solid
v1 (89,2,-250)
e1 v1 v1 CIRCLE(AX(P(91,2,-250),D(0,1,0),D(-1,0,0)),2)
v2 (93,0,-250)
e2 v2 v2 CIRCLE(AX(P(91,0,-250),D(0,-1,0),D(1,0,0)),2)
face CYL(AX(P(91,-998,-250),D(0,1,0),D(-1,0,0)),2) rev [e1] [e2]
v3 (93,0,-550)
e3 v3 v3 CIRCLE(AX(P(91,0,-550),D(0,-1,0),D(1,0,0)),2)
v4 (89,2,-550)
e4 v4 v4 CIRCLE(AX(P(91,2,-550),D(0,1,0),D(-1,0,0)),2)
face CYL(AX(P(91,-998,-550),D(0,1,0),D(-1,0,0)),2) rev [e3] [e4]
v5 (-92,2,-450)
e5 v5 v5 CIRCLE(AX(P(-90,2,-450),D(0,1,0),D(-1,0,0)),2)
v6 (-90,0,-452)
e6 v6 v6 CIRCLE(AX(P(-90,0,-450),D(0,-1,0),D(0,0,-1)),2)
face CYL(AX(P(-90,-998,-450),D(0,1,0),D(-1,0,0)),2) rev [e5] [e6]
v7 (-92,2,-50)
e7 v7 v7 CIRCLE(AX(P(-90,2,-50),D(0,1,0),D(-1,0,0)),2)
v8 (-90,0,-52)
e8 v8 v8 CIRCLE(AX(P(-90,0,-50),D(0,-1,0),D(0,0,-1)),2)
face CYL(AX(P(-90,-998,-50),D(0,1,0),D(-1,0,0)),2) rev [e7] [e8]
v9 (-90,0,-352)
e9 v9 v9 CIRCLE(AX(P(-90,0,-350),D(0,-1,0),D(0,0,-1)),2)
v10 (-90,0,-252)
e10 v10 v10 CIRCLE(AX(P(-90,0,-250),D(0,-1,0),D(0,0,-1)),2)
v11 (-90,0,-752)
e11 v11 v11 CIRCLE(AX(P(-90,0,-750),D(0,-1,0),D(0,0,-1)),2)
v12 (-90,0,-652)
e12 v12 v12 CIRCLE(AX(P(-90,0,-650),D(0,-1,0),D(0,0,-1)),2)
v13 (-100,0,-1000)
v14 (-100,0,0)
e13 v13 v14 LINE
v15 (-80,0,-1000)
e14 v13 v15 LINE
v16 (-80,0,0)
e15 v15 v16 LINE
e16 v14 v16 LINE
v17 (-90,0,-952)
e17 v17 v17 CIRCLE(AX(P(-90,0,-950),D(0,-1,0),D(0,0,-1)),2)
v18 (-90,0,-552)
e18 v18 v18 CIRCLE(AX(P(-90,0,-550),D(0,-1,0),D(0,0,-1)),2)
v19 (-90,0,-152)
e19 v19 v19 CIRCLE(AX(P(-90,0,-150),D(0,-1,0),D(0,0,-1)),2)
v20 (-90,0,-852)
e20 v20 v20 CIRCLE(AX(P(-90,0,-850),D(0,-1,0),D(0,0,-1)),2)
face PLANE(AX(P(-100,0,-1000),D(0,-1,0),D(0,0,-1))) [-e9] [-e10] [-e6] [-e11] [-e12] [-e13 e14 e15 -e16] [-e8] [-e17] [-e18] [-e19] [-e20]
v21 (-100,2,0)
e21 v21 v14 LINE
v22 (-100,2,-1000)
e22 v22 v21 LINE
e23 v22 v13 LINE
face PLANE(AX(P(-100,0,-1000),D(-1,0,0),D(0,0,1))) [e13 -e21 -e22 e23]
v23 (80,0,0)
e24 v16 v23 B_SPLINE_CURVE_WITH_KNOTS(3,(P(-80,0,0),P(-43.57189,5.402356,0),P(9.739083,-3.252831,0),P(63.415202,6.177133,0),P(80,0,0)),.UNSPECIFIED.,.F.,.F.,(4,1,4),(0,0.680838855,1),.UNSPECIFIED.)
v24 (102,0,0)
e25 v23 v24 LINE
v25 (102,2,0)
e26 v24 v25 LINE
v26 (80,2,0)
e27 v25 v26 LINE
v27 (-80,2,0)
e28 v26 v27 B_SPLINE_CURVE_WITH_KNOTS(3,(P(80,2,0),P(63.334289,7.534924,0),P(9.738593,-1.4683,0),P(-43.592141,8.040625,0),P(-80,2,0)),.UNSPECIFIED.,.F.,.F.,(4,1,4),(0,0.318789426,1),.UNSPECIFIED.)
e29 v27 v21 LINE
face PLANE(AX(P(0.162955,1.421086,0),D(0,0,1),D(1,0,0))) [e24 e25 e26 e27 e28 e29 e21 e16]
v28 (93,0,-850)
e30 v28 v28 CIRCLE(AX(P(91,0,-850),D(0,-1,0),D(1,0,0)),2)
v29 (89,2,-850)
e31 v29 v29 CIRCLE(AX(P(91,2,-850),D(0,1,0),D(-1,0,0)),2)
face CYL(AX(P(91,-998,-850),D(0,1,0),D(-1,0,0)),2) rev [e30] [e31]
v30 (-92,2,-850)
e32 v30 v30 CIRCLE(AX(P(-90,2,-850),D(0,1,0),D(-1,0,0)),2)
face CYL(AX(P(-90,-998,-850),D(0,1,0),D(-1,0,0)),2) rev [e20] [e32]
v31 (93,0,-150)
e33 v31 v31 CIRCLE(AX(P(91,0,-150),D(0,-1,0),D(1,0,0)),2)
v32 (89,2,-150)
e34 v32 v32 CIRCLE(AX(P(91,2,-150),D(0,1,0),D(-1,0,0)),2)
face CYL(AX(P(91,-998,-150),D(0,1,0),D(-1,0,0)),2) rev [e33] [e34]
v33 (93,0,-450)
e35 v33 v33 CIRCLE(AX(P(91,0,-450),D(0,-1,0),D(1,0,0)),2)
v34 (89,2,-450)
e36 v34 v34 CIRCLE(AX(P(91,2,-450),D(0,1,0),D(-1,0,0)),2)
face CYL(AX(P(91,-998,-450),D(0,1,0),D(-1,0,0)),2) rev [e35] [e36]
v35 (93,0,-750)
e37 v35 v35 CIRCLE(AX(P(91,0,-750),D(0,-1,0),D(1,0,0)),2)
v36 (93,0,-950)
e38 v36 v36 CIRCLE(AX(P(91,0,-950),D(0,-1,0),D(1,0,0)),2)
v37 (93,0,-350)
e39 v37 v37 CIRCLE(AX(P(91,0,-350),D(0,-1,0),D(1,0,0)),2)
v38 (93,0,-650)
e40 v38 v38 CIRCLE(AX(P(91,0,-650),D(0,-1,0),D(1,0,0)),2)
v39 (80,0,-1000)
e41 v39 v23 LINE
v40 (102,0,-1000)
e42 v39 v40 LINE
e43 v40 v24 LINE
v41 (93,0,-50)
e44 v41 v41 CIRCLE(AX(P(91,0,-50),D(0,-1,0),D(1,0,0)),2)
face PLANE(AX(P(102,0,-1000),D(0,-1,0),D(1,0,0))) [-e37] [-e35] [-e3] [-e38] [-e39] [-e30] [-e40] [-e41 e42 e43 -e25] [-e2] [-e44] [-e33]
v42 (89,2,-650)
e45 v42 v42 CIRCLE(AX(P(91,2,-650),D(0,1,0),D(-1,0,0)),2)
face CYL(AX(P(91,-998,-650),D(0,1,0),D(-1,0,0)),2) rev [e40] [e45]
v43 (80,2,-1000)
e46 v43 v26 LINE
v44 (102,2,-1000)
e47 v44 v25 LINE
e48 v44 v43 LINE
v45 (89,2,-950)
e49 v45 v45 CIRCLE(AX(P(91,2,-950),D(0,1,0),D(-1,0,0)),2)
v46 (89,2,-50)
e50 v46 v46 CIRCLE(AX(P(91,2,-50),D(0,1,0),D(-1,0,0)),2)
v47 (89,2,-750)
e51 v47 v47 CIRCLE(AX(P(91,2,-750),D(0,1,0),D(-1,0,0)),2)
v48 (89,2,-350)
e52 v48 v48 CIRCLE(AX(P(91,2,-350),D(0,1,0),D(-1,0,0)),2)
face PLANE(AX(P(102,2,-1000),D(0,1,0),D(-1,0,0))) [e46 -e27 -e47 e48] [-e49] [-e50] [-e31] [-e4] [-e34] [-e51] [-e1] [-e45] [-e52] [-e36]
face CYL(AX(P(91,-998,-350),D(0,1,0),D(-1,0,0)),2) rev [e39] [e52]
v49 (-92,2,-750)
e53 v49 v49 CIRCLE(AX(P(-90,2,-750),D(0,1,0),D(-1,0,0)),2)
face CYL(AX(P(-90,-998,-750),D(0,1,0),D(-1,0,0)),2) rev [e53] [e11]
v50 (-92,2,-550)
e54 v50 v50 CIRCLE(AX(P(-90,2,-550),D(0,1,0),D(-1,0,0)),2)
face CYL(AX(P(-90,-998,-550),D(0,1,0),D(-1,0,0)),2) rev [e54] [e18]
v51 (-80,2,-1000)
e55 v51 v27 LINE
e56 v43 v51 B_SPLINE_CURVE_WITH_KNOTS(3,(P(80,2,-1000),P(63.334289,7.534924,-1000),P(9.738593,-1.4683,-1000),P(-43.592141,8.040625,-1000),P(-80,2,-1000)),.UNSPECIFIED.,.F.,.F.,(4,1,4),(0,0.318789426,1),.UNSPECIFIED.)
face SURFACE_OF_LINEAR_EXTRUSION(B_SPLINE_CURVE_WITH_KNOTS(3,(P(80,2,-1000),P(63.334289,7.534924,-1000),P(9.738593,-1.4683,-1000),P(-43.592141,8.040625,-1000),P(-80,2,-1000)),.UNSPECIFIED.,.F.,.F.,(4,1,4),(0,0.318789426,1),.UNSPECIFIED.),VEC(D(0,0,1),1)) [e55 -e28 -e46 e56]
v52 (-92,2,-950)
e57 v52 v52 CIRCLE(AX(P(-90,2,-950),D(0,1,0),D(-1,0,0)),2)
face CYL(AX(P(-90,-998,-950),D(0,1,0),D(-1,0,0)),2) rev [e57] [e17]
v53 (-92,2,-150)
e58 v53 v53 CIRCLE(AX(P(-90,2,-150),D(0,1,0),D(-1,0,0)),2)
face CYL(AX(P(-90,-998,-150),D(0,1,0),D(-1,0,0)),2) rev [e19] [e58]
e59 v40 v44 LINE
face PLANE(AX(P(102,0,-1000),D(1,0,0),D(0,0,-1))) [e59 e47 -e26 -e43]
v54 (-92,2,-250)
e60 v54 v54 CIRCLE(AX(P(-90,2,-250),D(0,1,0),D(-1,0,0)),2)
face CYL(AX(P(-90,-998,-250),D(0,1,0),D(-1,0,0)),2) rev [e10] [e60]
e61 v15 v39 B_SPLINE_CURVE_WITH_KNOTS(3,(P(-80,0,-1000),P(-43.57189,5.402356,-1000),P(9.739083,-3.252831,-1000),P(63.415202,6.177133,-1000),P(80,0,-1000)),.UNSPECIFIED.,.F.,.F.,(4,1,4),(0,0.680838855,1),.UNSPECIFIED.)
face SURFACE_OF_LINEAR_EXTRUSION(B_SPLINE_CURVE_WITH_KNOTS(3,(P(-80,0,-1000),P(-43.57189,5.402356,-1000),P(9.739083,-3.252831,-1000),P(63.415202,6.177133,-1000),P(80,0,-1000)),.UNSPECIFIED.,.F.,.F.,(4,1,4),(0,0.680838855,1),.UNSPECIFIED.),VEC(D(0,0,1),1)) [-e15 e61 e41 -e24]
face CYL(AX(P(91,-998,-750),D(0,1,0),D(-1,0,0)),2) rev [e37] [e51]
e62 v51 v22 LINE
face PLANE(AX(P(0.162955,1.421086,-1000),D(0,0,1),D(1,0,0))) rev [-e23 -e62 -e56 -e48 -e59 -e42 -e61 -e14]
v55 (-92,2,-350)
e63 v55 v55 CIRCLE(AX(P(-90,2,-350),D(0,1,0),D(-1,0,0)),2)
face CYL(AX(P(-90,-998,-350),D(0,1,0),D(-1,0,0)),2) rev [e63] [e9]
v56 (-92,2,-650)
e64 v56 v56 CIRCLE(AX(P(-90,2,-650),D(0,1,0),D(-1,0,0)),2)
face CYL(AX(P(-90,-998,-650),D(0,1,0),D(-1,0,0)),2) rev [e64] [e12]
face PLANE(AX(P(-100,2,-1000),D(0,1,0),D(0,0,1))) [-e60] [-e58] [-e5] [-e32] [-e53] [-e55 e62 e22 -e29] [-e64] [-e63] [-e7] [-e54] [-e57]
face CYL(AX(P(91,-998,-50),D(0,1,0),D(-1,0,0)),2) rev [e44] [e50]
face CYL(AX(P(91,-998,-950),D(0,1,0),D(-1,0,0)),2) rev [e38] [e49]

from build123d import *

# Parameters (mm, degrees)
BOSS_EXTRUDE1_DEPTH = 1000
SKETCH2_R           = 2
CUT_EXTRUDE1_DEPTH  = 1000


with BuildPart() as part:
    # Sketch1 → Boss-Extrude1 (new body)
    with BuildSketch(Plane.XY):
        with BuildLine():
            Line((-100, 0), (-100, 2))
            Line((-100, 2), (-80, 2))
            add(Edge.make_bspline(
                [(-80, 2), (-43.592140665, 8.040624859), (9.738592922, -1.468299524), (63.334289404, 7.534924383), (80, 2)],
                knots=[0, 0, 0, 0, 0.681210574, 1, 1, 1, 1], degree=3))
            Line((80, 2), (102, 2))
            Line((102, 2), (102, 0))
            Line((102, 0), (80, 0))
            add(Edge.make_bspline(
                [(-80, 0), (-43.571889954, 5.402355935), (9.739082816, -3.252830544), (63.415202278, 6.17713334), (80, 0)],
                knots=[0, 0, 0, 0, 0.680838855, 1, 1, 1, 1], degree=3))
            Line((-80, 0), (-100, 0))
        make_face()
    extrude(amount=-BOSS_EXTRUDE1_DEPTH)

    # Sketch2 → Cut-Extrude1 (cut)
    with BuildSketch(Plane(origin=(0, 2, 0), x_dir=(1, 0, 0), z_dir=(0, 1, 0))):
        with Locations(Location((91, 950, 0), (0, 0, 180))):
            Circle(SKETCH2_R)
        with Locations(Location((-90, 950, 0), (0, 0, 180))):
            Circle(SKETCH2_R)
        with Locations(Location((91, 850, 0), (0, 0, 180))):
            Circle(SKETCH2_R)
        with Locations(Location((-90, 850, 0), (0, 0, 180))):
            Circle(SKETCH2_R)
        with Locations(Location((91, 750, 0), (0, 0, 180))):
            Circle(SKETCH2_R)
        with Locations(Location((-90, 750, 0), (0, 0, 180))):
            Circle(SKETCH2_R)
        with Locations(Location((91, 650, 0), (0, 0, 180))):
            Circle(SKETCH2_R)
        with Locations(Location((-90, 650, 0), (0, 0, 180))):
            Circle(SKETCH2_R)
        with Locations(Location((91, 550, 0), (0, 0, 180))):
            Circle(SKETCH2_R)
        with Locations(Location((-90, 550, 0), (0, 0, 180))):
            Circle(SKETCH2_R)
        with Locations(Location((91, 450, 0), (0, 0, 180))):
            Circle(SKETCH2_R)
        with Locations(Location((-90, 450, 0), (0, 0, 180))):
            Circle(SKETCH2_R)
        with Locations(Location((91, 350, 0), (0, 0, 180))):
            Circle(SKETCH2_R)
        with Locations(Location((-90, 350, 0), (0, 0, 180))):
            Circle(SKETCH2_R)
        with Locations(Location((91, 250, 0), (0, 0, 180))):
            Circle(SKETCH2_R)
        with Locations(Location((-90, 250, 0), (0, 0, 180))):
            Circle(SKETCH2_R)
        with Locations(Location((91, 150, 0), (0, 0, 180))):
            Circle(SKETCH2_R)
        with Locations(Location((-90, 150, 0), (0, 0, 180))):
            Circle(SKETCH2_R)
        with Locations(Location((91, 50, 0), (0, 0, 180))):
            Circle(SKETCH2_R)
        with Locations(Location((-90, 50, 0), (0, 0, 180))):
            Circle(SKETCH2_R)
    extrude(amount=-CUT_EXTRUDE1_DEPTH, mode=Mode.SUBTRACT)


solid = part.part
